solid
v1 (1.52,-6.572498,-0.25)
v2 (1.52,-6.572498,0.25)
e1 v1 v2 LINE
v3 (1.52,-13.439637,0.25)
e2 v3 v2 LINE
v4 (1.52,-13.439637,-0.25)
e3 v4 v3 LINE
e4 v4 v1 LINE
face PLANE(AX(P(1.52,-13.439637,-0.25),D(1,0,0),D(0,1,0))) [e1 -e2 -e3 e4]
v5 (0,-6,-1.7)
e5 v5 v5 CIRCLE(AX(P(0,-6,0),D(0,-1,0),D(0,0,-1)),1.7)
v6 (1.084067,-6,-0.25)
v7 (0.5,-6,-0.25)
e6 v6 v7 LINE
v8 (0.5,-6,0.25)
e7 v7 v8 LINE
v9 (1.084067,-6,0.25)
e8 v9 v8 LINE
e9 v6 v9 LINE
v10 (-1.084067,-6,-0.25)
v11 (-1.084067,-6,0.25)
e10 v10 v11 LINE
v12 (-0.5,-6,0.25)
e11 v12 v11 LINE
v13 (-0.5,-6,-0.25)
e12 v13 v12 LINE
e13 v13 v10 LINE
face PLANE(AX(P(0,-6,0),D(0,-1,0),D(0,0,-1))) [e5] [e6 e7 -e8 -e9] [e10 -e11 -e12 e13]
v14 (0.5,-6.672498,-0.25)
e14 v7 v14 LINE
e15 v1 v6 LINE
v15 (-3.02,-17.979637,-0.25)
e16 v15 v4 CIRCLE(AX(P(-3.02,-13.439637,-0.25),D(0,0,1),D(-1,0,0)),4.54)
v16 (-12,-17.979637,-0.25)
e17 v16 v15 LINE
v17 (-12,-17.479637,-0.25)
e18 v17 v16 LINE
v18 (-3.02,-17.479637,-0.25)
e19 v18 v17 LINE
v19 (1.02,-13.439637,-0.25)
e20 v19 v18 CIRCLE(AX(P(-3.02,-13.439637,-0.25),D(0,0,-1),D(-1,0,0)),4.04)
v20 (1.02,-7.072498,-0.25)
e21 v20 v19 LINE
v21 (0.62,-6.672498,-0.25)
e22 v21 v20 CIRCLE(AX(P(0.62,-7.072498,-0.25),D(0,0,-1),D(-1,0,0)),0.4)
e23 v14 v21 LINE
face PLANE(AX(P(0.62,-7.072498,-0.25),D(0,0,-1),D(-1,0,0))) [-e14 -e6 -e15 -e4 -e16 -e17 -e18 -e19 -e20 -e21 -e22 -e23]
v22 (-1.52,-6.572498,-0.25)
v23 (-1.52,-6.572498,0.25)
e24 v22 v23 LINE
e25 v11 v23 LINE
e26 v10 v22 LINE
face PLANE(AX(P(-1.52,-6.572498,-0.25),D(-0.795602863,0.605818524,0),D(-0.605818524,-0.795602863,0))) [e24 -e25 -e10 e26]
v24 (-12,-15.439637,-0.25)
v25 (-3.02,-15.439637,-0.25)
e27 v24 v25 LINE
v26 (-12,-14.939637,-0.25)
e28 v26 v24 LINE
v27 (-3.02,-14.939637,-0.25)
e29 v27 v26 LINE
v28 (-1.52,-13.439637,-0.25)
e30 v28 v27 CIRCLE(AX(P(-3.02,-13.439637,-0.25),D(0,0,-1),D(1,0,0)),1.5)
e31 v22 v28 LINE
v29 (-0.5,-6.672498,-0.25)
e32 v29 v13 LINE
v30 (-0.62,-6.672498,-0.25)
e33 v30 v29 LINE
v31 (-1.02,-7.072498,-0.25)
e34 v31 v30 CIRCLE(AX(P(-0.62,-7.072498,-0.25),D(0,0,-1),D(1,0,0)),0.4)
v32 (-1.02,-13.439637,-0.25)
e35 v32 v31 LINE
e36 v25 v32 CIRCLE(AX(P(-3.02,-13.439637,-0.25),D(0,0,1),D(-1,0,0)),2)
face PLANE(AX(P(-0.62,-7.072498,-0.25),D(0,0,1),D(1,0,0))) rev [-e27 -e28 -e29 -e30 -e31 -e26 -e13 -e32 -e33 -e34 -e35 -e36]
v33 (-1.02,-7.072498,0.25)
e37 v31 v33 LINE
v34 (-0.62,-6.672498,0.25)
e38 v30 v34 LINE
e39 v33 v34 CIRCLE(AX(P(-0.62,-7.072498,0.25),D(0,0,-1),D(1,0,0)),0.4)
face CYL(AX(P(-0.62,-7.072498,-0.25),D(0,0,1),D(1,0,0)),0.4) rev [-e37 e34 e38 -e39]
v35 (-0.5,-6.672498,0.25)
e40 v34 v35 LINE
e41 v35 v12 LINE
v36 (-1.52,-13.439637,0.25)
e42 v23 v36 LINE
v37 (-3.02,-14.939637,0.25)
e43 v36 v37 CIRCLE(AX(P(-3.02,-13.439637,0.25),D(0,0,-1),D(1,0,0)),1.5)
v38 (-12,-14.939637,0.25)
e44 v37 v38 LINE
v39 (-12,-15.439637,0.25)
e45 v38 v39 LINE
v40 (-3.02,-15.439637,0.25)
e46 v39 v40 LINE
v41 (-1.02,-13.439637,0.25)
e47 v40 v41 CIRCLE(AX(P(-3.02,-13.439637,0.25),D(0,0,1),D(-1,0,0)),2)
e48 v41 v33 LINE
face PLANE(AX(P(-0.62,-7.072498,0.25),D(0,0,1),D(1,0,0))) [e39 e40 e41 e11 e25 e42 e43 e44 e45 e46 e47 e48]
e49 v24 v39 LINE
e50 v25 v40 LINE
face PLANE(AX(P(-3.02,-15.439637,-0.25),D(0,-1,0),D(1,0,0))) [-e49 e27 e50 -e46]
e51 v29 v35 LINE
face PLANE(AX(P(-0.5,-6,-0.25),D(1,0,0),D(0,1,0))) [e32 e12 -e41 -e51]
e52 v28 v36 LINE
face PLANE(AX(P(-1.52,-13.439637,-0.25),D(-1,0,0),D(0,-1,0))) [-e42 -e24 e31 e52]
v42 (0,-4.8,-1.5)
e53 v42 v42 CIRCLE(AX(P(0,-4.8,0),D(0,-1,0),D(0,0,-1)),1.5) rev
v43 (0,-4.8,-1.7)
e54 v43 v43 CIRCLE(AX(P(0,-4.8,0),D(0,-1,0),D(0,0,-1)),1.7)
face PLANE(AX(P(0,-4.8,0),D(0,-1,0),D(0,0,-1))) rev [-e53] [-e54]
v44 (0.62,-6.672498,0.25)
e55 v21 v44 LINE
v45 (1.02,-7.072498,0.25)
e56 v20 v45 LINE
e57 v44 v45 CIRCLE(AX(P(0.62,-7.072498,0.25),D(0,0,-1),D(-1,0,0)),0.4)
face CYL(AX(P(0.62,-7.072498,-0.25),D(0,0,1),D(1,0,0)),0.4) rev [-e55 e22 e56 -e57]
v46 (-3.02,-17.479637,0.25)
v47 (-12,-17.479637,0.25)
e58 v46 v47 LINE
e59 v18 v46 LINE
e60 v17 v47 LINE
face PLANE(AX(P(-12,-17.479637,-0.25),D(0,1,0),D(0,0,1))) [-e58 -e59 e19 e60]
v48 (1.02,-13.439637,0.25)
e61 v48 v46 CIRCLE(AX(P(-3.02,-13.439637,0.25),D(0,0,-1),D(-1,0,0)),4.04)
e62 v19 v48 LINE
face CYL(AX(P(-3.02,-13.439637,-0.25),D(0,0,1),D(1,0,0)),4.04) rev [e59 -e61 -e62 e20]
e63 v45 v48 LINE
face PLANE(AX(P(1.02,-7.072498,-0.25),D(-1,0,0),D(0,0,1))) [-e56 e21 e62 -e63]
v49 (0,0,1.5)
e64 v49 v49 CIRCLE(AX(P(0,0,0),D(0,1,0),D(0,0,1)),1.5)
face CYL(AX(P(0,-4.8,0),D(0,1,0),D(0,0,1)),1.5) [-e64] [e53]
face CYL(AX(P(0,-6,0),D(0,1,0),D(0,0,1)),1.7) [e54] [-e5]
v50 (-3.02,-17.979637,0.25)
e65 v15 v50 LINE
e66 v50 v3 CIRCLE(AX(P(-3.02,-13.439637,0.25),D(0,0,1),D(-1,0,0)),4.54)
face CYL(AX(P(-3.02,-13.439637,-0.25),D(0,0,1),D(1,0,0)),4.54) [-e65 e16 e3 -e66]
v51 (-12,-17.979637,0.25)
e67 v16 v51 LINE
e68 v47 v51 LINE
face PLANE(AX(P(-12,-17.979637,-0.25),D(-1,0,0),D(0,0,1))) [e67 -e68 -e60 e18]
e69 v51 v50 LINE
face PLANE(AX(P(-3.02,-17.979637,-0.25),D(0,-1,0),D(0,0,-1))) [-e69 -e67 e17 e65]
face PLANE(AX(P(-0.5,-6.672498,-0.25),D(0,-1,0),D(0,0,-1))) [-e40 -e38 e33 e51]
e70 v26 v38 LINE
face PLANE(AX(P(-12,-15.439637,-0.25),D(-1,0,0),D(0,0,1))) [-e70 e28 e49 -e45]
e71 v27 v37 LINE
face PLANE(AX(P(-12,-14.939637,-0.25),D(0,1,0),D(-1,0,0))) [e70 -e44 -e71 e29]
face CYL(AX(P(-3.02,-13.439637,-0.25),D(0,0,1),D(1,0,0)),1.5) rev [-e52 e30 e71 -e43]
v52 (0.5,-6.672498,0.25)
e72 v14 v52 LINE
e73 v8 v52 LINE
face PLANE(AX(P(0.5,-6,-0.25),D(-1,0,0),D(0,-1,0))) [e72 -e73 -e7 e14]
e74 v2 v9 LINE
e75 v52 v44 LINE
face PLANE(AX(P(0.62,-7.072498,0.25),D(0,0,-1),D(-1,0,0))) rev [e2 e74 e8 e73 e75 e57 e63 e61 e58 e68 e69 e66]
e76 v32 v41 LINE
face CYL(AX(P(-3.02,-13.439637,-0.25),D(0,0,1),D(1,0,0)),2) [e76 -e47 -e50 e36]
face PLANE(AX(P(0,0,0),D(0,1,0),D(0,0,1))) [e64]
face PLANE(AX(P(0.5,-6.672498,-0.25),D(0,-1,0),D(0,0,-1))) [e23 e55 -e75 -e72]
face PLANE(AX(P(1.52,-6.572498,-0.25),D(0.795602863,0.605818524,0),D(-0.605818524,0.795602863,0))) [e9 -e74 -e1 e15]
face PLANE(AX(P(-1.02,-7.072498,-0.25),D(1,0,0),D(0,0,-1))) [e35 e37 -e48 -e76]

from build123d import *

# Parameters (mm, degrees)
ESQUISSE1_R             = 1.5
BOSS_EXTRU_1_DEPTH      = 4.8
ESQUISSE2_R             = 1.7
BOSS_EXTRU_2_DEPTH      = 1.2
BOSS_EXTRU_3_DEPTH      = 0.25
BOSS_EXTRU_3_DEPTH_BACK = 0.25


with BuildPart() as part:
    # Esquisse1 → Boss.-Extru.1 (new body)
    with BuildSketch(Plane(origin=(0, 0, 0), x_dir=(1, 0, 0), z_dir=(0, 1, 0))):
        Circle(ESQUISSE1_R)
    extrude(amount=-BOSS_EXTRU_1_DEPTH)

    # Esquisse2 → Boss.-Extru.2 (add)
    with BuildSketch(Plane.XZ.offset(4.8)):
        Circle(ESQUISSE2_R)
    extrude(amount=BOSS_EXTRU_2_DEPTH)

    # Esquisse3 → Boss.-Extru.3 (add, two sides: drawn at the far end of the back side and taken through both)
    with BuildSketch(Plane.XY.offset(-BOSS_EXTRU_3_DEPTH_BACK)):
        with BuildLine():
            Line((0.5, -6), (0.5, -6.672497838))
            Line((0.5, -6.672497838), (0.62, -6.672497838))
            ThreePointArc((0.62, -6.672497838), (0.902842712, -6.789655126), (1.02, -7.072497838))
            Line((1.02, -7.072497838), (1.02, -13.439637098))
            ThreePointArc((1.02, -13.439637098), (-0.163288604, -16.296348494), (-3.02, -17.479637098))
            Line((-3.02, -17.479637098), (-12, -17.479637098))
            Line((-12, -17.479637098), (-12, -17.979637098))
            Line((-12, -17.979637098), (-3.02, -17.979637098))
            ThreePointArc((-3.02, -17.979637098), (0.190264787, -16.649901885), (1.52, -13.439637098))
            Line((1.52, -13.439637098), (1.52, -6.572497838))
            Line((1.52, -6.572497838), (1.084066682, -6))
            Line((1.084066682, -6), (0.5, -6))
        make_face()
        with BuildLine():
            Line((-1.084066682, -6), (-0.5, -6))
            Line((-0.5, -6), (-0.5, -6.672497838))
            Line((-0.5, -6.672497838), (-0.62, -6.672497838))
            ThreePointArc((-0.62, -6.672497838), (-0.902842712, -6.789655126), (-1.02, -7.072497838))
            Line((-1.02, -7.072497838), (-1.02, -13.439637098))
            ThreePointArc((-1.02, -13.439637098), (-1.605786438, -14.85385066), (-3.02, -15.439637098))
            Line((-3.02, -15.439637098), (-12, -15.439637098))
            Line((-12, -15.439637098), (-12, -14.939637098))
            Line((-12, -14.939637098), (-3.02, -14.939637098))
            ThreePointArc((-3.02, -14.939637098), (-1.959339828, -14.50029727), (-1.52, -13.439637098))
            Line((-1.52, -13.439637098), (-1.52, -6.572497838))
            Line((-1.52, -6.572497838), (-1.084066682, -6))
        make_face()
    extrude(amount=BOSS_EXTRU_3_DEPTH + BOSS_EXTRU_3_DEPTH_BACK)


solid = part.part
